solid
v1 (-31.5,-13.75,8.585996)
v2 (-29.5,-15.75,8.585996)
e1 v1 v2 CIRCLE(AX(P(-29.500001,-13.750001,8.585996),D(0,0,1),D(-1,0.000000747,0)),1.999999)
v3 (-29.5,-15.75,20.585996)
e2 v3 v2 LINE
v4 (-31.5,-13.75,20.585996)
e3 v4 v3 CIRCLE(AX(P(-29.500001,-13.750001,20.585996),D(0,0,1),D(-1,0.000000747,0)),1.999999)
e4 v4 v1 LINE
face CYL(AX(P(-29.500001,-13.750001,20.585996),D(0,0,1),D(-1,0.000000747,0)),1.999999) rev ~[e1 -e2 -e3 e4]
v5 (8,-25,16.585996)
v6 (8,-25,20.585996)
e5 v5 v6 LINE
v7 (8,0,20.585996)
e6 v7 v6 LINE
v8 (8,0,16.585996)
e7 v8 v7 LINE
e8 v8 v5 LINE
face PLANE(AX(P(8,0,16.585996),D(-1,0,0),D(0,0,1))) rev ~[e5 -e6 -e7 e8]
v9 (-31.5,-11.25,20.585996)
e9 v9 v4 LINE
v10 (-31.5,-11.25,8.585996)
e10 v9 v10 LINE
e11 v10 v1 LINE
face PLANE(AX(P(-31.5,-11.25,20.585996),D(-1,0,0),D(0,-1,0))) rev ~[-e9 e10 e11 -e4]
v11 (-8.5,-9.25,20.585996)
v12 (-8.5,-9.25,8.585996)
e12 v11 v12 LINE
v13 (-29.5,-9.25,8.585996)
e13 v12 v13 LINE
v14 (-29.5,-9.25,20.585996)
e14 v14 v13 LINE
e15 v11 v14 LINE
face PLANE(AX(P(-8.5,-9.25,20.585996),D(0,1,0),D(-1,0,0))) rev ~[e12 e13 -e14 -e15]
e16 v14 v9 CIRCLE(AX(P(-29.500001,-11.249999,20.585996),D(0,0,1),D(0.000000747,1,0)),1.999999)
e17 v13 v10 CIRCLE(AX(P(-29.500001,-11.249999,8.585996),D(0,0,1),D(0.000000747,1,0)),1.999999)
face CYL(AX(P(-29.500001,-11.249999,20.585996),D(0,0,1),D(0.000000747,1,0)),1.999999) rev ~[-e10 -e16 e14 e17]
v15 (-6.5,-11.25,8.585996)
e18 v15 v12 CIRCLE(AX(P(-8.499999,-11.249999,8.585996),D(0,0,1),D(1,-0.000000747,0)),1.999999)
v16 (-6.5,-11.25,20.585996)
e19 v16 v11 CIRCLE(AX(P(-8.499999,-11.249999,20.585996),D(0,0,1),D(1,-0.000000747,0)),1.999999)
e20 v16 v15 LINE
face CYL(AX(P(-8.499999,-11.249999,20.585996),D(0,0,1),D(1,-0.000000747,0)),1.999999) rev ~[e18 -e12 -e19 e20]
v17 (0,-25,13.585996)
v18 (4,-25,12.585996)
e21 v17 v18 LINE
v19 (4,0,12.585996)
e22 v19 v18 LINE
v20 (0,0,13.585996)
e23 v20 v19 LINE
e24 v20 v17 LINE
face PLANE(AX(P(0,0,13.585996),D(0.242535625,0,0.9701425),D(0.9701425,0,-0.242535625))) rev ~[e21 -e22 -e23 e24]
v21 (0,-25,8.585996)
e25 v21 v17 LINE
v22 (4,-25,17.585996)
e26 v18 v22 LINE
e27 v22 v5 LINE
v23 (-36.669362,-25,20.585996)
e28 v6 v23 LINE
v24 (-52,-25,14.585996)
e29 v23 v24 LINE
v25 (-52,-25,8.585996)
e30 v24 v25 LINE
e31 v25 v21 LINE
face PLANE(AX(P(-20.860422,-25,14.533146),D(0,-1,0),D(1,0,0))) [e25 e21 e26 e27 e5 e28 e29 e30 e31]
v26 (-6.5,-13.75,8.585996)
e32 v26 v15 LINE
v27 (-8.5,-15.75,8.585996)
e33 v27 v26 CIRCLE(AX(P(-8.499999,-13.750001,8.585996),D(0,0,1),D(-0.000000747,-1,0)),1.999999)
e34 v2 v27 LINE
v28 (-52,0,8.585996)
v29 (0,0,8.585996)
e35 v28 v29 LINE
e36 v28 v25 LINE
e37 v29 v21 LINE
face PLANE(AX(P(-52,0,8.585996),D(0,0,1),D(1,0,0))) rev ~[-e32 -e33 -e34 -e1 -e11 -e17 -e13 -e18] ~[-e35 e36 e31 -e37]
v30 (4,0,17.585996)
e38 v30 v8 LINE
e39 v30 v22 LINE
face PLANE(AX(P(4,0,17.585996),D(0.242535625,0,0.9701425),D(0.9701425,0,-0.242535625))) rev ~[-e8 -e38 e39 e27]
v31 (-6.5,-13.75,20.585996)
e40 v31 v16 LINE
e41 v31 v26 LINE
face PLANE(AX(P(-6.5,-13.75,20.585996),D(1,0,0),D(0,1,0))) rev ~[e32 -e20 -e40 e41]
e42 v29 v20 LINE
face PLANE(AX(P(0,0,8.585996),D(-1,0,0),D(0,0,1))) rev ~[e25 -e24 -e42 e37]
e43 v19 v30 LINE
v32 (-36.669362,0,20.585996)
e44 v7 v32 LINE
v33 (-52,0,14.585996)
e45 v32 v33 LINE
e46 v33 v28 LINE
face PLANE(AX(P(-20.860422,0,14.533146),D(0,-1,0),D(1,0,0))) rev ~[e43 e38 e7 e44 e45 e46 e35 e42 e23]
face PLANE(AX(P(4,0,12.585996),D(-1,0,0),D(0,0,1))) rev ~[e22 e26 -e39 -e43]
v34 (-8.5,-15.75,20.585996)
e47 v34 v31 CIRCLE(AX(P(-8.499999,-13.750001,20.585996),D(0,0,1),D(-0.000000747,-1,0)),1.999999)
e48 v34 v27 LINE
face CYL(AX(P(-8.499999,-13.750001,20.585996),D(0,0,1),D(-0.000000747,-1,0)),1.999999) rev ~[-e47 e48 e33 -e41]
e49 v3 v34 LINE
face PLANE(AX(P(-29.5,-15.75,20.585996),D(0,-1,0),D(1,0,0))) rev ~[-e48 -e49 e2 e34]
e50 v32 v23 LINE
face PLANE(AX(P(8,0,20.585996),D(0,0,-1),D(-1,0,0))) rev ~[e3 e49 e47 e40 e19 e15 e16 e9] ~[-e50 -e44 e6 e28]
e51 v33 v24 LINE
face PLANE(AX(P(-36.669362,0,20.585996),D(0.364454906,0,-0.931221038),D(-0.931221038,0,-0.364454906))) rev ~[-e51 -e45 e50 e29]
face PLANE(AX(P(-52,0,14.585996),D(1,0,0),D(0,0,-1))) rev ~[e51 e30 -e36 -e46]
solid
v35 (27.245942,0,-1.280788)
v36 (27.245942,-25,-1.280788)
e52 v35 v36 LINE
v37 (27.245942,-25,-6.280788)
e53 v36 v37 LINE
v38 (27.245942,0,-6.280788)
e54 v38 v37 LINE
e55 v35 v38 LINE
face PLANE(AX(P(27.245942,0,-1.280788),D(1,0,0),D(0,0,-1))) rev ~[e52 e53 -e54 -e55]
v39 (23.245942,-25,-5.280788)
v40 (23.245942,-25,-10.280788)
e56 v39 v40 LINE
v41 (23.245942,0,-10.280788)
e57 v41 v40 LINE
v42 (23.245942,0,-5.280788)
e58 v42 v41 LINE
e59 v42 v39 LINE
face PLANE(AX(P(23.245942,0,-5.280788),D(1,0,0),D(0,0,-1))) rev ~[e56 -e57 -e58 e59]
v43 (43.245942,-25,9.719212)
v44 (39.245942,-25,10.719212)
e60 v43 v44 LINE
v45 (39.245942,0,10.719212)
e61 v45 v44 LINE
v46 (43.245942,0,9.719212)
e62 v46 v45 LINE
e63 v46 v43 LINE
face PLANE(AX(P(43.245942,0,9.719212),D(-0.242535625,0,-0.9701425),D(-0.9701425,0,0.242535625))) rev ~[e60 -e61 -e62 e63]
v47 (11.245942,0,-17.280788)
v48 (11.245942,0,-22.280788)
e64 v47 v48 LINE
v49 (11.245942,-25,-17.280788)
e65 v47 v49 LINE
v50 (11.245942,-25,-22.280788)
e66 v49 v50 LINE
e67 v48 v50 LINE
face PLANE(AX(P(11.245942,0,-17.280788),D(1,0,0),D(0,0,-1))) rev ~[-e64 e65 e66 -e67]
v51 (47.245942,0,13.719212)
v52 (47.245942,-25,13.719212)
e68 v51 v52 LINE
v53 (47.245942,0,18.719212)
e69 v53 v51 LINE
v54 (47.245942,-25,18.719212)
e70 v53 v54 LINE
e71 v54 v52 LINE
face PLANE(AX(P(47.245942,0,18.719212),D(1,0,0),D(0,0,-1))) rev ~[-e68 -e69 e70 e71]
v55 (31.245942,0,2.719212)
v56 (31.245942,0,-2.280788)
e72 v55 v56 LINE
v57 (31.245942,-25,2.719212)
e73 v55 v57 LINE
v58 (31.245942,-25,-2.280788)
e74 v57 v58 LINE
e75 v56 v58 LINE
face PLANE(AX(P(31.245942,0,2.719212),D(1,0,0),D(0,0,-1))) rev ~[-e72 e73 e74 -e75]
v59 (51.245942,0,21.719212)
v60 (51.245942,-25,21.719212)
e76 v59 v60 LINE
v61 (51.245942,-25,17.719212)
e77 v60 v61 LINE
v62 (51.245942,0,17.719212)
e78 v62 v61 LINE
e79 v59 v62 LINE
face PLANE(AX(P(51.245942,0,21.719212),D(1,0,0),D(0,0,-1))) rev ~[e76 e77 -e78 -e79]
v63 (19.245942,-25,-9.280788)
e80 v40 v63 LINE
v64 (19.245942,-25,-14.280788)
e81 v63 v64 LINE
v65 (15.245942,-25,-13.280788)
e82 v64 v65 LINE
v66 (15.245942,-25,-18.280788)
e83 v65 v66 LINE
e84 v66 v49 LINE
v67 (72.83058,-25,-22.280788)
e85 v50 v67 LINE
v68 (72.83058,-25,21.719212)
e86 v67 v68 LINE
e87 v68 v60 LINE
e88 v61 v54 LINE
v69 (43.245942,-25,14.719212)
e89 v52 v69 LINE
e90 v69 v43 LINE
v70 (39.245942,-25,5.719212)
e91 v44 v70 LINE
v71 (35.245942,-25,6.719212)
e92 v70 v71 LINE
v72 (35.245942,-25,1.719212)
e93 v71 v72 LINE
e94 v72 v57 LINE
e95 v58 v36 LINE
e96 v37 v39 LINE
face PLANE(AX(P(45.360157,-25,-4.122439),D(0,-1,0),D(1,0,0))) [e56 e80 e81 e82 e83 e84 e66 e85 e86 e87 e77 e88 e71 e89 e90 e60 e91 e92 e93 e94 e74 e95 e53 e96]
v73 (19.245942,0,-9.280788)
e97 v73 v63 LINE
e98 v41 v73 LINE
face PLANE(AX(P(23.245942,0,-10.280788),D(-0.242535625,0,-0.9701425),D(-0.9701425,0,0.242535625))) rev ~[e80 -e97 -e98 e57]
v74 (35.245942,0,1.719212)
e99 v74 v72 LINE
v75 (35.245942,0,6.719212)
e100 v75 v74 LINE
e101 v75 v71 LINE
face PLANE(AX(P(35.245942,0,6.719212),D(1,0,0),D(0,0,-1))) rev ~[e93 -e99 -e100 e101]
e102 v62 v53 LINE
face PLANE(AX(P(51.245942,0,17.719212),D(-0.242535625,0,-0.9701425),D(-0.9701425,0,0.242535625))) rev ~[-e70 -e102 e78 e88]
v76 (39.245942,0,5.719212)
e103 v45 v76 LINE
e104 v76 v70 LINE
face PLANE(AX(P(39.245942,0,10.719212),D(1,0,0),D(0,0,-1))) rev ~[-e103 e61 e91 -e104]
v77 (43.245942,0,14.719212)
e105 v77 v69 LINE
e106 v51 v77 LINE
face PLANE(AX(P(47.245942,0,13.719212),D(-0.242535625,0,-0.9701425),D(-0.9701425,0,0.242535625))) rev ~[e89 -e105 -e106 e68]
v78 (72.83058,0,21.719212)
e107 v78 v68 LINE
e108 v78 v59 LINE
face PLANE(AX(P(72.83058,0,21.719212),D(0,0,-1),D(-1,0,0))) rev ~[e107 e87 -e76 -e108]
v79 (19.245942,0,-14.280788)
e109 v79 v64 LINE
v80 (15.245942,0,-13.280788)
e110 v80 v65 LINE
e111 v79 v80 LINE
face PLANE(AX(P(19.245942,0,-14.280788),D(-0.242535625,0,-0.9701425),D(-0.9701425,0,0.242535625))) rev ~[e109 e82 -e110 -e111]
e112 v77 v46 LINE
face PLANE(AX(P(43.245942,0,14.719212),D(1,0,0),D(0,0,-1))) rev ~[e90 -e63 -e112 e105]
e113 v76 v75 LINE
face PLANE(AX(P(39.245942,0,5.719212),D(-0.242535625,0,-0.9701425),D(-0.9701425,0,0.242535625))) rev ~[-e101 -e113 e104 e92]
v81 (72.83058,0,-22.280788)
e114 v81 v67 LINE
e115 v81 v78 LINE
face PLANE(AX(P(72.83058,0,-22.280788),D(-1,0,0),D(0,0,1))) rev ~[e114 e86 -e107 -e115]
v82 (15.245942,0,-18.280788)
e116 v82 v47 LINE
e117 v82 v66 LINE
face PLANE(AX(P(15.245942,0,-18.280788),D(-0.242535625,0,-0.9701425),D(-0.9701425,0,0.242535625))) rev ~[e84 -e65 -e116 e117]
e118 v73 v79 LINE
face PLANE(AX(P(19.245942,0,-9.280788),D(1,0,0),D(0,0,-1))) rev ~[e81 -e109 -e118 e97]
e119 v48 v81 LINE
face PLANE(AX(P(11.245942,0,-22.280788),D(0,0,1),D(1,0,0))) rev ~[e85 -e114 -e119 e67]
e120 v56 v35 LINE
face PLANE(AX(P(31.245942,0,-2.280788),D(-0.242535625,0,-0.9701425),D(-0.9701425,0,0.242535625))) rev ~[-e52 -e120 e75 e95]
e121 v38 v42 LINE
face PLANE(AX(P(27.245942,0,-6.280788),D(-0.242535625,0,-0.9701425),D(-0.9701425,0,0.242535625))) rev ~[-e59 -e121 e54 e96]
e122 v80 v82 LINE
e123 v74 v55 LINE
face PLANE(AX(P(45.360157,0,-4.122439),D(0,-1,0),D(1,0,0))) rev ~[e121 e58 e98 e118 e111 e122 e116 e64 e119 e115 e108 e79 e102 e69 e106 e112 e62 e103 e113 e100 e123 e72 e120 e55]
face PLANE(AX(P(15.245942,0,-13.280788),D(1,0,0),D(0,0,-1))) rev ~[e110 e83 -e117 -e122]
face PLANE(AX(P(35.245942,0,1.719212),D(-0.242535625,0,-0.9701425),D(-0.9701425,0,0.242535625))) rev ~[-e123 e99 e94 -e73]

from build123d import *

# Parameters (mm, degrees)
F1_DEPTH = 25
F3_DEPTH = 25


with BuildPart() as f1:
    # F0 (on Front) → F1 (new body)
    with BuildSketch(Plane.XZ):
        Polygon((8, 20.585996), (-36.669362, 20.585996), (-52, 14.585996), (-52, 8.585996), (0, 8.585996), (0, 13.585996), (4, 12.585996), (4, 17.585996), (8, 16.585996), align=None)
        Polygon((47.245942, 18.719212), (47.245942, 13.719212), (43.245942, 14.719212), (43.245942, 9.719212), (39.245942, 10.719212), (39.245942, 5.719212), (35.245942, 6.719212), (35.245942, 1.719212), (31.245942, 2.719212), (31.245942, -2.280788), (27.245942, -1.280788), (27.245942, -6.280788), (23.245942, -5.280788), (23.245942, -10.280788), (19.245942, -9.280788), (19.245942, -14.280788), (15.245942, -13.280788), (15.245942, -18.280788), (11.245942, -17.280788), (11.245942, -22.280788), (72.83058, -22.280788), (72.83058, 21.719212), (51.245942, 21.719212), (51.245942, 17.719212), align=None)
    extrude(amount=F1_DEPTH)

    # F2 (on face) → F3 (cut)
    with BuildSketch(Plane.XY.offset(20.585996)):
        with BuildLine():
            ThreePointArc((-31.5, -13.75), (-30.914214, -15.164214), (-29.5, -15.75))
            Line((-29.5, -15.75), (-8.5, -15.75))
            ThreePointArc((-8.5, -15.75), (-7.085786, -15.164214), (-6.5, -13.75))
            Line((-6.5, -13.75), (-6.5, -11.25))
            ThreePointArc((-6.5, -11.25), (-7.085786, -9.835786), (-8.5, -9.25))
            Line((-8.5, -9.25), (-29.5, -9.25))
            ThreePointArc((-29.5, -9.25), (-30.914214, -9.835786), (-31.5, -11.25))
            Line((-31.5, -11.25), (-31.5, -13.75))
        make_face()
    extrude(amount=-F3_DEPTH, mode=Mode.SUBTRACT)


solid = f1.part
